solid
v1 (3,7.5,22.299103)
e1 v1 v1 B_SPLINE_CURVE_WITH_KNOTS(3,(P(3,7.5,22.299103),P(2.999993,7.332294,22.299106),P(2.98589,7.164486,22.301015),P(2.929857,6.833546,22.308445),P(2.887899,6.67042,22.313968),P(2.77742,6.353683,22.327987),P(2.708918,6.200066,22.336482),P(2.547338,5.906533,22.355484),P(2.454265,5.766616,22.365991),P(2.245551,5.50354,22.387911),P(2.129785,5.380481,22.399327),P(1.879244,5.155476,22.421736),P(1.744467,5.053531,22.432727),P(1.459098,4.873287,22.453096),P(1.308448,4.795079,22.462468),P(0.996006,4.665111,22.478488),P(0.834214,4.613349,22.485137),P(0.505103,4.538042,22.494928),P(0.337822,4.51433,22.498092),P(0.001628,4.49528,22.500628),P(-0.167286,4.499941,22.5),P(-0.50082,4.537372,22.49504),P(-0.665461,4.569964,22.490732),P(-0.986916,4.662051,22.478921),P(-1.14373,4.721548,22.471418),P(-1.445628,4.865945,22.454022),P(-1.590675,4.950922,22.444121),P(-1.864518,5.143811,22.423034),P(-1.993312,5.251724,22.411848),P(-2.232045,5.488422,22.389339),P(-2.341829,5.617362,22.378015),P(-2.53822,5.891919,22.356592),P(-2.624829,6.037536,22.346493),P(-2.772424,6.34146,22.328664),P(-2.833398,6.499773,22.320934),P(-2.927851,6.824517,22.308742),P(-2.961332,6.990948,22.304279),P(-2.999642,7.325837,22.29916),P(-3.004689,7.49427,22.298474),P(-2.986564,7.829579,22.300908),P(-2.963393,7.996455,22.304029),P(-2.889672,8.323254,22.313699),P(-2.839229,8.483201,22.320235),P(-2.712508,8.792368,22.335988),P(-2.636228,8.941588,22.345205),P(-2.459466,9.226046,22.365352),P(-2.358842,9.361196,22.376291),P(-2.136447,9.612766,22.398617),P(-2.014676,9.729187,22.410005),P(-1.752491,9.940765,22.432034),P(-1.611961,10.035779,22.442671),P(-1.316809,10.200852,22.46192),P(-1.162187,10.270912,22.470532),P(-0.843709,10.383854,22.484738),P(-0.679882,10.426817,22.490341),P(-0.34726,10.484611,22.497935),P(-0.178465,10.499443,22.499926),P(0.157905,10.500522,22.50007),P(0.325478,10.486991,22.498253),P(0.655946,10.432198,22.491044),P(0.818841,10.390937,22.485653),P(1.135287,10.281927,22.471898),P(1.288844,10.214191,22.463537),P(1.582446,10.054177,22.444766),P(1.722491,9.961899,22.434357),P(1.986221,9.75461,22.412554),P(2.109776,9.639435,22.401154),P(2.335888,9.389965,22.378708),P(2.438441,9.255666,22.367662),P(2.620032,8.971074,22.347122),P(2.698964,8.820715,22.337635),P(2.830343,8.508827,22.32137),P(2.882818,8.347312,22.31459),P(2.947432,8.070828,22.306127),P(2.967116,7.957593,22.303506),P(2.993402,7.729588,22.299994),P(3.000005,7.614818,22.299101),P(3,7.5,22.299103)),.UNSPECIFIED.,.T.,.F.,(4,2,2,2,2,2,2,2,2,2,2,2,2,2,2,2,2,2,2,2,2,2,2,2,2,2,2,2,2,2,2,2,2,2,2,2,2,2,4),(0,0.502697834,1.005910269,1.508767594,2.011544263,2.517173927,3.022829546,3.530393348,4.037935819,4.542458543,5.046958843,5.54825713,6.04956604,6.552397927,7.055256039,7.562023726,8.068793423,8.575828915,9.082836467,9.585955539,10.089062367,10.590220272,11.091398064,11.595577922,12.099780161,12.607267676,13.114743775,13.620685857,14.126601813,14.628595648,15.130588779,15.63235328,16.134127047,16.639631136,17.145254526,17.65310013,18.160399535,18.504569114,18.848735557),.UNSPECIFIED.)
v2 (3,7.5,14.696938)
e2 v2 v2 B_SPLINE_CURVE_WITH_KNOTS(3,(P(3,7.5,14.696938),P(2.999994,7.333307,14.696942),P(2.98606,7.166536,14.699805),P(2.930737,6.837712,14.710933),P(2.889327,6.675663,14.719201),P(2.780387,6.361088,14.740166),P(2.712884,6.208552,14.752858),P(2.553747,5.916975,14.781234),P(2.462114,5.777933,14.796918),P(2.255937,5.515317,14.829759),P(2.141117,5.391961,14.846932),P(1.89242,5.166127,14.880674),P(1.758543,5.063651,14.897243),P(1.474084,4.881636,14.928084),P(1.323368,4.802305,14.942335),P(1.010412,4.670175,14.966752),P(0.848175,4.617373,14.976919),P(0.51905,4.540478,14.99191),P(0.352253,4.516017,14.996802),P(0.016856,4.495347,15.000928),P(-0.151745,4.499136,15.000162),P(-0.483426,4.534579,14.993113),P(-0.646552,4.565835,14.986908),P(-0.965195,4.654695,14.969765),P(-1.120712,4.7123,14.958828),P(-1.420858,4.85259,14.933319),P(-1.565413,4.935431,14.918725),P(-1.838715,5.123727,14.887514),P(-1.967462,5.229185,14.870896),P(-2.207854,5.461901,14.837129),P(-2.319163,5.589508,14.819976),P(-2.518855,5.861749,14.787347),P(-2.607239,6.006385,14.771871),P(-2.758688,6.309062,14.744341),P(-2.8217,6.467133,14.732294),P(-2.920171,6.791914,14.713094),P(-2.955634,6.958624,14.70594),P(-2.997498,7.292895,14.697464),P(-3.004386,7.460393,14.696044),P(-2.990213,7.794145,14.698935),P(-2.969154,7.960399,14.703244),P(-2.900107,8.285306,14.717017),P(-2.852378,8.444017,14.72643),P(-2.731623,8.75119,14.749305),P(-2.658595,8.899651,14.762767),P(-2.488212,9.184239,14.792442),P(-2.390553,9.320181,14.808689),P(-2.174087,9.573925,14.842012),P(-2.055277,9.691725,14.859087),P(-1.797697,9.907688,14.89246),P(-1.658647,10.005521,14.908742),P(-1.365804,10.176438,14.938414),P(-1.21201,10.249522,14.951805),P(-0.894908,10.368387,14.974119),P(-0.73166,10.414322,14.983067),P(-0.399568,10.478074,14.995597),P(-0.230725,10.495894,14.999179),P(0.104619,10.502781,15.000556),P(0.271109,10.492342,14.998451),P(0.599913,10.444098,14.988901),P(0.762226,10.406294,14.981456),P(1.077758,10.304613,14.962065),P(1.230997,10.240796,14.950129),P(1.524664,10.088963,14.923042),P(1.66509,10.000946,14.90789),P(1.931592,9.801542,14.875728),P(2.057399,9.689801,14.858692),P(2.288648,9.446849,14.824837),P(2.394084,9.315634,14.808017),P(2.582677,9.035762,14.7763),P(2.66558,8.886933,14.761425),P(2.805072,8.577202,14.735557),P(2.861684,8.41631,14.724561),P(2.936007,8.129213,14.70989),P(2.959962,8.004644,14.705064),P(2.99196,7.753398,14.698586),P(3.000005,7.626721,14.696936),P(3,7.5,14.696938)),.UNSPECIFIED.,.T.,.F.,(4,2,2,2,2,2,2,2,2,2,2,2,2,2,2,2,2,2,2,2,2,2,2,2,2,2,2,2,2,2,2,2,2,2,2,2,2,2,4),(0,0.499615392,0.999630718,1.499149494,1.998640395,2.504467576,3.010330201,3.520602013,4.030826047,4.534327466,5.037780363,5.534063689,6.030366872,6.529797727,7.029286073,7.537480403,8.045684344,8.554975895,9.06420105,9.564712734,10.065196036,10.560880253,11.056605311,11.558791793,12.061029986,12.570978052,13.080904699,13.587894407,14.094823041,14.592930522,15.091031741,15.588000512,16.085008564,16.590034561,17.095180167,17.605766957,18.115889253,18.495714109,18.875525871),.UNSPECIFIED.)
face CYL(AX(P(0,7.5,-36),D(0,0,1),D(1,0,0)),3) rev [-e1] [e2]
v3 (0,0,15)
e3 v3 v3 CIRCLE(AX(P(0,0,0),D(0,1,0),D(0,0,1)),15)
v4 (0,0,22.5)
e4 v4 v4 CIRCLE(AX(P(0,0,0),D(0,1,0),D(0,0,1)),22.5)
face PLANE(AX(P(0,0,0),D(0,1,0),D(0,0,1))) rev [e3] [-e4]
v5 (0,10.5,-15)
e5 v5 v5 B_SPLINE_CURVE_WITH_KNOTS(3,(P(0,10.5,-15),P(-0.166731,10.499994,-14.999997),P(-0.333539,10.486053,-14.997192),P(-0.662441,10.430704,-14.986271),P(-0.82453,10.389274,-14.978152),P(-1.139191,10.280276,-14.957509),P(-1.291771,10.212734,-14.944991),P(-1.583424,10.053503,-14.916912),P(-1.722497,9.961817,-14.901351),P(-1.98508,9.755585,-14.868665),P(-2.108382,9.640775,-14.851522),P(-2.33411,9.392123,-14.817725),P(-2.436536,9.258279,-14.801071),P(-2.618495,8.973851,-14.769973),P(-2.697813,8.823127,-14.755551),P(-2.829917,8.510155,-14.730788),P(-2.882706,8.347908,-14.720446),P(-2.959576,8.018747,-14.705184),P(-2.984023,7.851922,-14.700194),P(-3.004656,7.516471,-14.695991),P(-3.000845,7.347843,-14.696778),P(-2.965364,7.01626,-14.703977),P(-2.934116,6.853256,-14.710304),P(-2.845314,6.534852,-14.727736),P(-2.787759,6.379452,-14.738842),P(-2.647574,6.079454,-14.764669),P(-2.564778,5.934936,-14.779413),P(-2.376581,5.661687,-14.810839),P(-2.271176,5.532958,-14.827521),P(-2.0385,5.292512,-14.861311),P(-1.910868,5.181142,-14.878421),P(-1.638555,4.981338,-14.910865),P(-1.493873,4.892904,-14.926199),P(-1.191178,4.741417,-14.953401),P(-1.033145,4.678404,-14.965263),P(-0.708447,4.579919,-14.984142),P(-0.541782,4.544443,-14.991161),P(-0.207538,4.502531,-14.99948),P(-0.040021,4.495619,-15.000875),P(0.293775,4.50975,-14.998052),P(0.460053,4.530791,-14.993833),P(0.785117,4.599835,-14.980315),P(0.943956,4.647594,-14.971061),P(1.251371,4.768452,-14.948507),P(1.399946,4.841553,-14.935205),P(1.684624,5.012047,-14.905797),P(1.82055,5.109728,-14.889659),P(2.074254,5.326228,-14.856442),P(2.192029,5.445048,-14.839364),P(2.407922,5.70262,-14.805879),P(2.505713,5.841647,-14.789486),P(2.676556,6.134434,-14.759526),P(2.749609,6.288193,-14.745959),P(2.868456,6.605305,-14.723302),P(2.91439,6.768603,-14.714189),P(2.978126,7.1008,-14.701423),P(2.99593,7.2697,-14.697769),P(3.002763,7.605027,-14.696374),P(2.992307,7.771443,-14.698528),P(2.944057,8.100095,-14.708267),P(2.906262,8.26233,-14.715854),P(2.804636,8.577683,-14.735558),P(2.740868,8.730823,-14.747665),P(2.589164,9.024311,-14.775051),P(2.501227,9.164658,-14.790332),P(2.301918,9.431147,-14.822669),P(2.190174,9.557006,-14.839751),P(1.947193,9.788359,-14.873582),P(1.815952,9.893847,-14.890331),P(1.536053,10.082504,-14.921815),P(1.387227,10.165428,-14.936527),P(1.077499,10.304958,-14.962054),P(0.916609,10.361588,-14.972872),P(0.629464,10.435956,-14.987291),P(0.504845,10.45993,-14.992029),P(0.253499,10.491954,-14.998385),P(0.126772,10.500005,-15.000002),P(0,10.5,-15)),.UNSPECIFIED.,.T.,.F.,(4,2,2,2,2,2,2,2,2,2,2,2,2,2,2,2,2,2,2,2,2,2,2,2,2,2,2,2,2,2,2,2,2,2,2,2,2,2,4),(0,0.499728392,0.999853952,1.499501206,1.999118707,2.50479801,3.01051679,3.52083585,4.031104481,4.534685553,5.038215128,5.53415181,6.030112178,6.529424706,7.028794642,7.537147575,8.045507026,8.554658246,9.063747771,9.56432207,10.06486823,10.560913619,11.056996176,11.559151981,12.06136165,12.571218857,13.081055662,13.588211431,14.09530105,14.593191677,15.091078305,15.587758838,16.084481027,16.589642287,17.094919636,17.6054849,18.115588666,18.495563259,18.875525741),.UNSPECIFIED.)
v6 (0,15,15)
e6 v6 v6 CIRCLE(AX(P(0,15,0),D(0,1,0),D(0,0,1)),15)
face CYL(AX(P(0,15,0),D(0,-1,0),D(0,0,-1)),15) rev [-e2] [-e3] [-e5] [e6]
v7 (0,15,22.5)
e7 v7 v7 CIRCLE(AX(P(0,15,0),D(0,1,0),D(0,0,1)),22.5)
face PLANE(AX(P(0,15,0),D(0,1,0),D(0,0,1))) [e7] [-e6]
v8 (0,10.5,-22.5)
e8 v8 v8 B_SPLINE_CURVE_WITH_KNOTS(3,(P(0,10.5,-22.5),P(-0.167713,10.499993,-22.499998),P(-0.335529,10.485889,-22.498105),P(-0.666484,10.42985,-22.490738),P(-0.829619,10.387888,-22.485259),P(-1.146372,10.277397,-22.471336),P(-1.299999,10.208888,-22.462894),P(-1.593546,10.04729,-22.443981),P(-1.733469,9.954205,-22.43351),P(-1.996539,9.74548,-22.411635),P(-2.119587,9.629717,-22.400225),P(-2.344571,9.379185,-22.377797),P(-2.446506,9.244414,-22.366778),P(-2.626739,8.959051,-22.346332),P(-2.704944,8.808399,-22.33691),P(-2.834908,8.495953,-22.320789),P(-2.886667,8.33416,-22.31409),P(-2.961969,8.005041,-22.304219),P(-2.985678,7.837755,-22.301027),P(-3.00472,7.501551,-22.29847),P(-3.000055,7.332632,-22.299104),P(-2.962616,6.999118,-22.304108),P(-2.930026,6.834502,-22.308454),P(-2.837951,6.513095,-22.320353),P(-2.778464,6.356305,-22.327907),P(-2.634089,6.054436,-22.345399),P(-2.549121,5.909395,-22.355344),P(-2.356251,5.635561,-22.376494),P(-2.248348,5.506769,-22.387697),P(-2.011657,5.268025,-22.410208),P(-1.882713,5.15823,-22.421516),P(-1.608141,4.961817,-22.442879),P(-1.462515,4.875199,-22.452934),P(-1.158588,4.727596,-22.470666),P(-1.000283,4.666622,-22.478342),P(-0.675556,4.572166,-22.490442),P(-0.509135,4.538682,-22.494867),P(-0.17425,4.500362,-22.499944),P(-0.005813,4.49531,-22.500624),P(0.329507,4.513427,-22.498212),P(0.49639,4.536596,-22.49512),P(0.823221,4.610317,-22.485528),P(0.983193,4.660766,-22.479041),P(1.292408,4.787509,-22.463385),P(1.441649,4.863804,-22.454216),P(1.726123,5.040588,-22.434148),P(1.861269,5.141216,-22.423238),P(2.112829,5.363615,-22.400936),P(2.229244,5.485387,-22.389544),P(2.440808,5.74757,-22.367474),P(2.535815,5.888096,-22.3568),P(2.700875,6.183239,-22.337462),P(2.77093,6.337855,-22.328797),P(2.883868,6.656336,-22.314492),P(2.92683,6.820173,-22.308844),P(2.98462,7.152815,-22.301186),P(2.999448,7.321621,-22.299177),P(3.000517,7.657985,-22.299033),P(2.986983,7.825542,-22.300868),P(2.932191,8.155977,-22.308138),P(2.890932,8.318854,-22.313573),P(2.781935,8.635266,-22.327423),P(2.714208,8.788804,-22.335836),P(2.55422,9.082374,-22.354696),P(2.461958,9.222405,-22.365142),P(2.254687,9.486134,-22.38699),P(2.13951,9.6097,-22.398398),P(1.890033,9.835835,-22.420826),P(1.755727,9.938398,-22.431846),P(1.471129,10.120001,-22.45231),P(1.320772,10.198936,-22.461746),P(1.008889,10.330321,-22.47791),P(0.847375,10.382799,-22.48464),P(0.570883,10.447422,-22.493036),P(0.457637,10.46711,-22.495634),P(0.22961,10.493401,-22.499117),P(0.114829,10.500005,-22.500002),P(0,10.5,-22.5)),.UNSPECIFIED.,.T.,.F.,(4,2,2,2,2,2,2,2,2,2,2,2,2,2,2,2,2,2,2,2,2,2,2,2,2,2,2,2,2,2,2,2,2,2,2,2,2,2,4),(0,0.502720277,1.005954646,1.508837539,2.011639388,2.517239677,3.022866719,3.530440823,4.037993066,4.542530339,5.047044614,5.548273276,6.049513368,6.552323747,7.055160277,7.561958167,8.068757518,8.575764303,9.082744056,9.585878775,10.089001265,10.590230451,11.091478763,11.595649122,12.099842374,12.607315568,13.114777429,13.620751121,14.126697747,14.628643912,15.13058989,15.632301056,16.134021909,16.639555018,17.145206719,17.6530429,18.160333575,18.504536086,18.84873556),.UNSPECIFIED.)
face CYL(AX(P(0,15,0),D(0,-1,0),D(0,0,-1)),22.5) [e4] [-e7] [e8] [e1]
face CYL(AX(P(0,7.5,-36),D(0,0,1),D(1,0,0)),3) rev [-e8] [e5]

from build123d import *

# Parameters (mm, degrees)
SKETCH1_R           = 22.5
SKETCH1_R_2         = 15
BOSS_EXTRUDE1_DEPTH = 15
SKETCH2_R           = 3
CUT_EXTRUDE1_DEPTH  = 36


with BuildPart() as part:
    # Sketch1 → Boss-Extrude1 (new body)
    with BuildSketch(Plane(origin=(0, 0, 0), x_dir=(1, 0, 0), z_dir=(0, 1, 0))):
        Circle(SKETCH1_R)
        Circle(SKETCH1_R_2, mode=Mode.SUBTRACT)
    extrude(amount=BOSS_EXTRUDE1_DEPTH)

    # Sketch2 → Cut-Extrude1 (cut, symmetric)
    with BuildSketch(Plane.XY):
        with Locations((0, 7.5)):
            Circle(SKETCH2_R)
    extrude(amount=CUT_EXTRUDE1_DEPTH, both=True, mode=Mode.SUBTRACT)


solid = part.part
